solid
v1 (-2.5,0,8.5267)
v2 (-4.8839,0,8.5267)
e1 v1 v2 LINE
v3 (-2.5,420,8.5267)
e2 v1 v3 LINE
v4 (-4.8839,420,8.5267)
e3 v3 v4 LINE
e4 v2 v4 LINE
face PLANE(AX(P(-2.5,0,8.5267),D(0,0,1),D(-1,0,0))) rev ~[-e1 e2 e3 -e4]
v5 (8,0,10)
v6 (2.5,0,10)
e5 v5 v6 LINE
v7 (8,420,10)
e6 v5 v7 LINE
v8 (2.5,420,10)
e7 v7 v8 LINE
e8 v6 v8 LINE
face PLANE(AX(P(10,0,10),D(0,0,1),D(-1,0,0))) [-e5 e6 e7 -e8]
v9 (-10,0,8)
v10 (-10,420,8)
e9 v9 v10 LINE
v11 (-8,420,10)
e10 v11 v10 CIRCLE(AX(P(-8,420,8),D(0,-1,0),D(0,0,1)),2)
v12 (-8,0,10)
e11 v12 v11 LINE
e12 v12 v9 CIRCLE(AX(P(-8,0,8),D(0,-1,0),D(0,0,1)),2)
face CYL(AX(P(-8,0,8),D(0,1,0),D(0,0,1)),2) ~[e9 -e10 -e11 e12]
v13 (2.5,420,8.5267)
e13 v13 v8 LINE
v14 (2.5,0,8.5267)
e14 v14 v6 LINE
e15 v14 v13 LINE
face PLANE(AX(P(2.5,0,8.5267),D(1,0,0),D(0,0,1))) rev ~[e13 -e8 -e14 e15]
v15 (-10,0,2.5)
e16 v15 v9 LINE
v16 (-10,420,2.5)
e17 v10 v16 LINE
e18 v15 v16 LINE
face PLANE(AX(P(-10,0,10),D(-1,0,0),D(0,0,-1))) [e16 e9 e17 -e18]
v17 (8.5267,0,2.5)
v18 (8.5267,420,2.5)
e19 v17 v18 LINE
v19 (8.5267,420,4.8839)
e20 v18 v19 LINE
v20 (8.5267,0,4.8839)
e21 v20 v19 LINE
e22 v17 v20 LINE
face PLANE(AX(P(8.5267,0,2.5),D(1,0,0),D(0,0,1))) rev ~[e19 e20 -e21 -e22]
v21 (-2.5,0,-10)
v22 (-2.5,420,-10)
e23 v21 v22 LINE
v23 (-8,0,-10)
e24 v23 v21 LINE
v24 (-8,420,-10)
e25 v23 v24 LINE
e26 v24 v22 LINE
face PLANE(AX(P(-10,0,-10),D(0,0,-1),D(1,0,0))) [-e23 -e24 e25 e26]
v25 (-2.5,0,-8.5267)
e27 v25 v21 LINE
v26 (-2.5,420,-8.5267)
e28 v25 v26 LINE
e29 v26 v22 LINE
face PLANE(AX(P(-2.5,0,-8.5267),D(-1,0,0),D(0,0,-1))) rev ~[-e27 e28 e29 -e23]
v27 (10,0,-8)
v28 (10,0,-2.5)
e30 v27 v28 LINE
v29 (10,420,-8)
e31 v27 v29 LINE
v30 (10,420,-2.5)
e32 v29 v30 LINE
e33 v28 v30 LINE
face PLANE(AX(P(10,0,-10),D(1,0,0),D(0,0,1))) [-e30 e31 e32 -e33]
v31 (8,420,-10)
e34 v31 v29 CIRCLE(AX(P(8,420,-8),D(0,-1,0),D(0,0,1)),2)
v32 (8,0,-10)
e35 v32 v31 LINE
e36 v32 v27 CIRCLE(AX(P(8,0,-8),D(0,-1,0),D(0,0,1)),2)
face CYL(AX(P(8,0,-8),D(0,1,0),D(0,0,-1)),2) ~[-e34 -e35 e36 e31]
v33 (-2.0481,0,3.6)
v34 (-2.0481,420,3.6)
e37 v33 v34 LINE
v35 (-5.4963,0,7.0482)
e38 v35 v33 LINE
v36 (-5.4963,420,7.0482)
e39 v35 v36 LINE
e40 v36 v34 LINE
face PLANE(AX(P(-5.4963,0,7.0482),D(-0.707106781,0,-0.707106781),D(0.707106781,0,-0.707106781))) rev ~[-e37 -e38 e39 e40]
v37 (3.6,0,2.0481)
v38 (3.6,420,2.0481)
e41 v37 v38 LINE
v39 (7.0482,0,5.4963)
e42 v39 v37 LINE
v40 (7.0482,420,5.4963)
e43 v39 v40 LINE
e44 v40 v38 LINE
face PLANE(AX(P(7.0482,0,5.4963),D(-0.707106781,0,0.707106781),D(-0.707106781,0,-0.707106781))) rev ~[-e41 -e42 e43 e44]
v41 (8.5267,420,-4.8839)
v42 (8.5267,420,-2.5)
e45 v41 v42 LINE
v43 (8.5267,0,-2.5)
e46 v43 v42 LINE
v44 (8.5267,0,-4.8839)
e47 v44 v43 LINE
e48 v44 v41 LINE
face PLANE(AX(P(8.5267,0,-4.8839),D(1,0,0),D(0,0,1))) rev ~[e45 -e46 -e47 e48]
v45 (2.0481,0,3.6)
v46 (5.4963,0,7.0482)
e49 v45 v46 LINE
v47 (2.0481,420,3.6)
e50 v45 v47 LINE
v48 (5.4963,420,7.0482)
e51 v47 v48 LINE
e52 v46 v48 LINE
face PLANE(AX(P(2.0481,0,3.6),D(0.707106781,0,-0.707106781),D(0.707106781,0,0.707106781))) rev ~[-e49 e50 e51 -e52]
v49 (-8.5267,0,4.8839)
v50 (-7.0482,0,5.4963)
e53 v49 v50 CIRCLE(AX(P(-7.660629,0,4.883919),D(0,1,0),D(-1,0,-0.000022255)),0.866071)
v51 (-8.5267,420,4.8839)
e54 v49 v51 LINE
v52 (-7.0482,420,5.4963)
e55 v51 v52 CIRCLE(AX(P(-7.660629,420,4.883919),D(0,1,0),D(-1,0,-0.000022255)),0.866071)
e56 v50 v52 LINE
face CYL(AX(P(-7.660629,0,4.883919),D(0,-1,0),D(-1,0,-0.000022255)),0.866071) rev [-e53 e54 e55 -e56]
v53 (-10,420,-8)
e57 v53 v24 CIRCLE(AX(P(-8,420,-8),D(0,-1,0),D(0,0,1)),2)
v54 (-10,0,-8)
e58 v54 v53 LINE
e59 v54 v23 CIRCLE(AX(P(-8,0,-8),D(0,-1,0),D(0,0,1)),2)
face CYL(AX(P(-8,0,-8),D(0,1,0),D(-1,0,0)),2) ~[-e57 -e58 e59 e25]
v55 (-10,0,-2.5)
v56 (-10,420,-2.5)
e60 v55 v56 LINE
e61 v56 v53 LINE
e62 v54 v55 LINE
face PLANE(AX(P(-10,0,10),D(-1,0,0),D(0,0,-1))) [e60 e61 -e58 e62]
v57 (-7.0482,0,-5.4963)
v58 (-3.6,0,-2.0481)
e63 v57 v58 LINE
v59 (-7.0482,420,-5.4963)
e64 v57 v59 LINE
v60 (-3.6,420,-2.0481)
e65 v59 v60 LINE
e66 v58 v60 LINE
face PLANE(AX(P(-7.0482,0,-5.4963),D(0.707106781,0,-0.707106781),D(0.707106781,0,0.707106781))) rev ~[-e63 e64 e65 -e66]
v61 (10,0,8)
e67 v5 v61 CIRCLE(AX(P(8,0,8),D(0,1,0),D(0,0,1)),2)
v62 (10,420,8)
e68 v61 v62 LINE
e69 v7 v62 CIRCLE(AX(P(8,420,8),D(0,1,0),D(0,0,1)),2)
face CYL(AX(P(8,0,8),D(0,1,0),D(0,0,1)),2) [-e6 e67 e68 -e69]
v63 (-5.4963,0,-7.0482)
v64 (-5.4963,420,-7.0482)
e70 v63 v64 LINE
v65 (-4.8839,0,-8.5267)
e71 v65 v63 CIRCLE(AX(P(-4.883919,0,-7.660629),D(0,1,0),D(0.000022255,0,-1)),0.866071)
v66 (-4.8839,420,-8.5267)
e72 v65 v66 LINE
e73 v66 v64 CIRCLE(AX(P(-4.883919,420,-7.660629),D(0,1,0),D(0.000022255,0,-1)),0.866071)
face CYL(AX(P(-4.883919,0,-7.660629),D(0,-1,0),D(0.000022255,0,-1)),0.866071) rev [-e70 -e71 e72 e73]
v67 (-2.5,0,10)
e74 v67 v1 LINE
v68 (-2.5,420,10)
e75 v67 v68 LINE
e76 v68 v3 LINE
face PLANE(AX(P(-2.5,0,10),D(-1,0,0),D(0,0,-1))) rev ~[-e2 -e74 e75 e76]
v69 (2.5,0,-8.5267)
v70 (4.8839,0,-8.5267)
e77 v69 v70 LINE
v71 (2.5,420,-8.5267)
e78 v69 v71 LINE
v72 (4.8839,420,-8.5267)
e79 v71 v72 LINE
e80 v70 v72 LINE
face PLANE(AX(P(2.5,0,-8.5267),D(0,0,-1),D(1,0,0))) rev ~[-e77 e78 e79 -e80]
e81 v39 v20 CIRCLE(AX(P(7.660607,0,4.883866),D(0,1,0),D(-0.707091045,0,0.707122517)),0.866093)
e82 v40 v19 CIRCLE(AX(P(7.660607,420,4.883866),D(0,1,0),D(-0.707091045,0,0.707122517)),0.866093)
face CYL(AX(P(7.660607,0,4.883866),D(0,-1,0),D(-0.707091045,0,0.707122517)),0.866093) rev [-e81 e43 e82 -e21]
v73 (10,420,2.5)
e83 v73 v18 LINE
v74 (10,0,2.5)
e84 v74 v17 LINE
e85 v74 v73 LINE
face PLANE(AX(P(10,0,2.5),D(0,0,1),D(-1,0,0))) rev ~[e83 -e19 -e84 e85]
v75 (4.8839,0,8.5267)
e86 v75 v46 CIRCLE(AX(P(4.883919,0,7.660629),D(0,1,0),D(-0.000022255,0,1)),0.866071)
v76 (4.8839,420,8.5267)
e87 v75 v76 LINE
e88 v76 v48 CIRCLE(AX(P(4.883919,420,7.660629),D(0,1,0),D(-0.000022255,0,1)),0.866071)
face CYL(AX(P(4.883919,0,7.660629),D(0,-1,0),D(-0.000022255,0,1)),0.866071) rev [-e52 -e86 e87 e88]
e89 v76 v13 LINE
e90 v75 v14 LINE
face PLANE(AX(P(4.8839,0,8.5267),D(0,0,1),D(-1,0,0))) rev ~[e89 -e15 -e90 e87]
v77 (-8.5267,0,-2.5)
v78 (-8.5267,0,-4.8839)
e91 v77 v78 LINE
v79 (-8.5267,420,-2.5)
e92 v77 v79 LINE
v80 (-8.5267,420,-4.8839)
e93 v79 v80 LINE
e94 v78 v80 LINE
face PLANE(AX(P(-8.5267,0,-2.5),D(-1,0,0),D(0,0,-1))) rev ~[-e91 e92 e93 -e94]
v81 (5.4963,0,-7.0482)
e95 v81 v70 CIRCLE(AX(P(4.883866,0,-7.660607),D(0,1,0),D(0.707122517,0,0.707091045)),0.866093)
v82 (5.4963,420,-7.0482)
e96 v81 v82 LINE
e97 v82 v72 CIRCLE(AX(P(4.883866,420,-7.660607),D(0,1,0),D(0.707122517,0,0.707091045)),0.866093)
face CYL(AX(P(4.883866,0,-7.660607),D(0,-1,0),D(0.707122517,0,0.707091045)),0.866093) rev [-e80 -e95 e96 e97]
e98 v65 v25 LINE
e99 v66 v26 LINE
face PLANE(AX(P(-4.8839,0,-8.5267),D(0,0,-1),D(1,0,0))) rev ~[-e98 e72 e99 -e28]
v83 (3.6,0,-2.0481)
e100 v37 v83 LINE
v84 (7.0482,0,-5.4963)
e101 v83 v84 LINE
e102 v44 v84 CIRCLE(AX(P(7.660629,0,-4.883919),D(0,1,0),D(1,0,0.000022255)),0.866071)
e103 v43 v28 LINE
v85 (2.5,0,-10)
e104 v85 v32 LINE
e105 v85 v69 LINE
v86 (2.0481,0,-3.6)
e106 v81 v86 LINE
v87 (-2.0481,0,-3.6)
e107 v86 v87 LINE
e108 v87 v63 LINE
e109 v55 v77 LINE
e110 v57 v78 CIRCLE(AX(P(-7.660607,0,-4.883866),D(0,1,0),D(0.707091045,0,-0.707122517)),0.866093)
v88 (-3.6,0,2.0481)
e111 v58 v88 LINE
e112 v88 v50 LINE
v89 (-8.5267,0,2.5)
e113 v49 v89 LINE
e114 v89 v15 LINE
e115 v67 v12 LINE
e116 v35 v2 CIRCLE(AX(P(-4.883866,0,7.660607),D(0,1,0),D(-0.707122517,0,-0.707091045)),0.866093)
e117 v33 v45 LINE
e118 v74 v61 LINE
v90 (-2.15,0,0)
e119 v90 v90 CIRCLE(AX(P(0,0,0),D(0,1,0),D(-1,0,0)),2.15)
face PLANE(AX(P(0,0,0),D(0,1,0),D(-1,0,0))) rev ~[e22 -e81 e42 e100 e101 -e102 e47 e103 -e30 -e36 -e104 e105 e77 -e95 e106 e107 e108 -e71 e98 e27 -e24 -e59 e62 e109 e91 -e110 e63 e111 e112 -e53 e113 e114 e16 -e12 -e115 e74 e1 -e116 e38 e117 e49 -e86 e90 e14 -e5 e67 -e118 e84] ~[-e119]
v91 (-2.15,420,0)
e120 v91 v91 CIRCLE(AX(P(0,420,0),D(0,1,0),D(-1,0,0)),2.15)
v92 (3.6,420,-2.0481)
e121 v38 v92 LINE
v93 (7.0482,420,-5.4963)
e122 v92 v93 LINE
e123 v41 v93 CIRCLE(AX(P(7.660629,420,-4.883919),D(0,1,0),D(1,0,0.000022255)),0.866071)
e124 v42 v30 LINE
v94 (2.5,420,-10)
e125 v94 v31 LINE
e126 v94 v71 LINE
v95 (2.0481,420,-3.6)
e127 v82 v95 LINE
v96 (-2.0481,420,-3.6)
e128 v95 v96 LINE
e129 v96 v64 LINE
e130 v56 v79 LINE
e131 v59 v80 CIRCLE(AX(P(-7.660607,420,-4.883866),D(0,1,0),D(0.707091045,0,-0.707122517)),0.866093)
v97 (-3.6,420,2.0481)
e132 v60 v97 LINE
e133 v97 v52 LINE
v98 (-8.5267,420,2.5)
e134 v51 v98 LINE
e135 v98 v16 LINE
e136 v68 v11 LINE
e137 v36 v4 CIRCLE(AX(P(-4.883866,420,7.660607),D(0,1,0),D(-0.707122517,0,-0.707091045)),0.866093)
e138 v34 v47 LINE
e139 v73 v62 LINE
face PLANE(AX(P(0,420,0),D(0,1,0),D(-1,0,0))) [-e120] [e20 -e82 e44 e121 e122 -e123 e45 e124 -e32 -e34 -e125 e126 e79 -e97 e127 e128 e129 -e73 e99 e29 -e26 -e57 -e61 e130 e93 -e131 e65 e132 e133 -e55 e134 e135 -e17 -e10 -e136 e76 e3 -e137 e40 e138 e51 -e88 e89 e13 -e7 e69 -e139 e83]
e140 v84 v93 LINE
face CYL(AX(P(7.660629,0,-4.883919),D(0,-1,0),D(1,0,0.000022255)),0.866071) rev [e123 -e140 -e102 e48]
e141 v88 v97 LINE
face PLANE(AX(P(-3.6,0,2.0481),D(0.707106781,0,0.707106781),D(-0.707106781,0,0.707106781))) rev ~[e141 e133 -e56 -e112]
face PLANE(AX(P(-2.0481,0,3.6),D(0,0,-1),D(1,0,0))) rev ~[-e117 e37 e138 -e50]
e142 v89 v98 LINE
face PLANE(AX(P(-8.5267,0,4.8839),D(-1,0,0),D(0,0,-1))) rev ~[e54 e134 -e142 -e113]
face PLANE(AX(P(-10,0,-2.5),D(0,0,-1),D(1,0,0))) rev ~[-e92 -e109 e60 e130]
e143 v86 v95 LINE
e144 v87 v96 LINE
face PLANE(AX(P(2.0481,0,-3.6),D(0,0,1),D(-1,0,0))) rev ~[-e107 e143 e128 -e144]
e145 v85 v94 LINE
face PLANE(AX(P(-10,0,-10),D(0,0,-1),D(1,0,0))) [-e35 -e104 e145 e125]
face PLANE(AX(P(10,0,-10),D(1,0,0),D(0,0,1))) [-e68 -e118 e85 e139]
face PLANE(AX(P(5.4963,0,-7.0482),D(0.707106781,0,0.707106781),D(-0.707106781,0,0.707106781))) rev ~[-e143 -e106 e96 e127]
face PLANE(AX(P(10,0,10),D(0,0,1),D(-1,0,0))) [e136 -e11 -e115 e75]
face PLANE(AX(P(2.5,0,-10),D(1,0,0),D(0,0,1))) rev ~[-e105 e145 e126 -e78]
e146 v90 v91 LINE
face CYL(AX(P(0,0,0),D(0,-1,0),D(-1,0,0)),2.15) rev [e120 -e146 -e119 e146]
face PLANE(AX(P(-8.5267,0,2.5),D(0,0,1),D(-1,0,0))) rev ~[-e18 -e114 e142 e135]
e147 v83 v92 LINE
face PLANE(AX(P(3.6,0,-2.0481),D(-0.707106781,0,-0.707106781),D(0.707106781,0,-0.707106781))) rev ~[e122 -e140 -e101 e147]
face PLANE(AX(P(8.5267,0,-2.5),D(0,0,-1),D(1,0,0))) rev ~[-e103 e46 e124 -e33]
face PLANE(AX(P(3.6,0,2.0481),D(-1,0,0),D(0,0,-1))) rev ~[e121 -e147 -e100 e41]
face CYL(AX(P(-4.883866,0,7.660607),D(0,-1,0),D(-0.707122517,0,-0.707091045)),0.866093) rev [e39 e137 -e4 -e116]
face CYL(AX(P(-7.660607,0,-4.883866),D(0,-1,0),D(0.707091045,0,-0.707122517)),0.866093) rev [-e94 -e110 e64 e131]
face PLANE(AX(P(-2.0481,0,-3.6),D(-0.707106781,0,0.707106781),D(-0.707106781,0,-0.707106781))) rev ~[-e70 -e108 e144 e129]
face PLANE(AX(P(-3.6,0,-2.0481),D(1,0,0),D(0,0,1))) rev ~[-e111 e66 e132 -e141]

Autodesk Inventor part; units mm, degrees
ref_plane "YZ Plane" through (0, 0, 0) normal (1, 0, 0) x (0, 1, 0)
ref_plane "XZ Plane" through (0, 0, 0) normal (0, 1, 0) x (-1, 0, 0)
ref_plane "XY Plane" through (0, 0, 0) normal (0, 0, 1) x (1, 0, 0)
sketch "Sketch1" plane through (0, 0, 0) normal (0, 1, 0) x (-1, 0, 0)
  circle A0 centre (0, 0) radius 2.15
  line L0 (-10, 10) -> (10, 10)
  line L1 (10, 10) -> (10, -10)
  line L2 (10, -10) -> (-10, -10)
  line L3 (-10, -10) -> (-10, 10)
  line L4 (-10, 10) -> (10, -10) construction
  line L5 (10, 10) -> (-10, -10) construction
  line L6 (10, -2.5) -> (8.5267, -2.5)
  line L7 (8.5267, -2.5) -> (8.5267, -4.8839)
  line L8 (7.0482, -5.4963) -> (3.6, -2.0481)
  line L9 (3.6, -2.0481) -> (3.6, 2.0481)
  line L10 (3.6, 2.0481) -> (7.0482, 5.4963)
  line L11 (8.5267, 4.8839) -> (8.5267, 2.5)
  line L12 (8.5267, 2.5) -> (10, 2.5)
  line L13 (0, 0) -> (10, 0) construction
  arc A1 (8.5267, 4.8839) -> (7.0482, 5.4963) centre (7.6606, 4.8839) ccw
  arc A2 (7.0482, -5.4963) -> (8.5267, -4.8839) centre (7.6606, -4.8839) ccw
  point P0 (8.5267, -6.9748)
  point P1 (8.5267, 6.9748)
  point P2 (3.6, 0)
  dimension "d0" = 4.3
  dimension "d1" = 20
  dimension "d2" = 20
  dimension "d3" = 5
  dimension "d4" = 6.4
  dimension "d14" = 11.5
extrude "Extrusion1" add sketch "Sketch1" along normal blind 420
extrude "Extrusion2" cut sketch "Sketch1" along normal blind 420 contours L1 L6 L7 A2 L8 L9 L10 A1 L11 L12
pattern_circular "Circular Pattern1" count 4 over 360 about axis through (0, -10, 0) along (0, 1, 0) of "Extrusion2"
fillet "Fillet1" radius 2 4 edges at (-10, 210, -10) (10, 210, -10) (10, 210, 10) (-10, 210, 10)
equation "\"d7\" = d5"
equation "\"d5\" = 420"
properties part number "8020"
